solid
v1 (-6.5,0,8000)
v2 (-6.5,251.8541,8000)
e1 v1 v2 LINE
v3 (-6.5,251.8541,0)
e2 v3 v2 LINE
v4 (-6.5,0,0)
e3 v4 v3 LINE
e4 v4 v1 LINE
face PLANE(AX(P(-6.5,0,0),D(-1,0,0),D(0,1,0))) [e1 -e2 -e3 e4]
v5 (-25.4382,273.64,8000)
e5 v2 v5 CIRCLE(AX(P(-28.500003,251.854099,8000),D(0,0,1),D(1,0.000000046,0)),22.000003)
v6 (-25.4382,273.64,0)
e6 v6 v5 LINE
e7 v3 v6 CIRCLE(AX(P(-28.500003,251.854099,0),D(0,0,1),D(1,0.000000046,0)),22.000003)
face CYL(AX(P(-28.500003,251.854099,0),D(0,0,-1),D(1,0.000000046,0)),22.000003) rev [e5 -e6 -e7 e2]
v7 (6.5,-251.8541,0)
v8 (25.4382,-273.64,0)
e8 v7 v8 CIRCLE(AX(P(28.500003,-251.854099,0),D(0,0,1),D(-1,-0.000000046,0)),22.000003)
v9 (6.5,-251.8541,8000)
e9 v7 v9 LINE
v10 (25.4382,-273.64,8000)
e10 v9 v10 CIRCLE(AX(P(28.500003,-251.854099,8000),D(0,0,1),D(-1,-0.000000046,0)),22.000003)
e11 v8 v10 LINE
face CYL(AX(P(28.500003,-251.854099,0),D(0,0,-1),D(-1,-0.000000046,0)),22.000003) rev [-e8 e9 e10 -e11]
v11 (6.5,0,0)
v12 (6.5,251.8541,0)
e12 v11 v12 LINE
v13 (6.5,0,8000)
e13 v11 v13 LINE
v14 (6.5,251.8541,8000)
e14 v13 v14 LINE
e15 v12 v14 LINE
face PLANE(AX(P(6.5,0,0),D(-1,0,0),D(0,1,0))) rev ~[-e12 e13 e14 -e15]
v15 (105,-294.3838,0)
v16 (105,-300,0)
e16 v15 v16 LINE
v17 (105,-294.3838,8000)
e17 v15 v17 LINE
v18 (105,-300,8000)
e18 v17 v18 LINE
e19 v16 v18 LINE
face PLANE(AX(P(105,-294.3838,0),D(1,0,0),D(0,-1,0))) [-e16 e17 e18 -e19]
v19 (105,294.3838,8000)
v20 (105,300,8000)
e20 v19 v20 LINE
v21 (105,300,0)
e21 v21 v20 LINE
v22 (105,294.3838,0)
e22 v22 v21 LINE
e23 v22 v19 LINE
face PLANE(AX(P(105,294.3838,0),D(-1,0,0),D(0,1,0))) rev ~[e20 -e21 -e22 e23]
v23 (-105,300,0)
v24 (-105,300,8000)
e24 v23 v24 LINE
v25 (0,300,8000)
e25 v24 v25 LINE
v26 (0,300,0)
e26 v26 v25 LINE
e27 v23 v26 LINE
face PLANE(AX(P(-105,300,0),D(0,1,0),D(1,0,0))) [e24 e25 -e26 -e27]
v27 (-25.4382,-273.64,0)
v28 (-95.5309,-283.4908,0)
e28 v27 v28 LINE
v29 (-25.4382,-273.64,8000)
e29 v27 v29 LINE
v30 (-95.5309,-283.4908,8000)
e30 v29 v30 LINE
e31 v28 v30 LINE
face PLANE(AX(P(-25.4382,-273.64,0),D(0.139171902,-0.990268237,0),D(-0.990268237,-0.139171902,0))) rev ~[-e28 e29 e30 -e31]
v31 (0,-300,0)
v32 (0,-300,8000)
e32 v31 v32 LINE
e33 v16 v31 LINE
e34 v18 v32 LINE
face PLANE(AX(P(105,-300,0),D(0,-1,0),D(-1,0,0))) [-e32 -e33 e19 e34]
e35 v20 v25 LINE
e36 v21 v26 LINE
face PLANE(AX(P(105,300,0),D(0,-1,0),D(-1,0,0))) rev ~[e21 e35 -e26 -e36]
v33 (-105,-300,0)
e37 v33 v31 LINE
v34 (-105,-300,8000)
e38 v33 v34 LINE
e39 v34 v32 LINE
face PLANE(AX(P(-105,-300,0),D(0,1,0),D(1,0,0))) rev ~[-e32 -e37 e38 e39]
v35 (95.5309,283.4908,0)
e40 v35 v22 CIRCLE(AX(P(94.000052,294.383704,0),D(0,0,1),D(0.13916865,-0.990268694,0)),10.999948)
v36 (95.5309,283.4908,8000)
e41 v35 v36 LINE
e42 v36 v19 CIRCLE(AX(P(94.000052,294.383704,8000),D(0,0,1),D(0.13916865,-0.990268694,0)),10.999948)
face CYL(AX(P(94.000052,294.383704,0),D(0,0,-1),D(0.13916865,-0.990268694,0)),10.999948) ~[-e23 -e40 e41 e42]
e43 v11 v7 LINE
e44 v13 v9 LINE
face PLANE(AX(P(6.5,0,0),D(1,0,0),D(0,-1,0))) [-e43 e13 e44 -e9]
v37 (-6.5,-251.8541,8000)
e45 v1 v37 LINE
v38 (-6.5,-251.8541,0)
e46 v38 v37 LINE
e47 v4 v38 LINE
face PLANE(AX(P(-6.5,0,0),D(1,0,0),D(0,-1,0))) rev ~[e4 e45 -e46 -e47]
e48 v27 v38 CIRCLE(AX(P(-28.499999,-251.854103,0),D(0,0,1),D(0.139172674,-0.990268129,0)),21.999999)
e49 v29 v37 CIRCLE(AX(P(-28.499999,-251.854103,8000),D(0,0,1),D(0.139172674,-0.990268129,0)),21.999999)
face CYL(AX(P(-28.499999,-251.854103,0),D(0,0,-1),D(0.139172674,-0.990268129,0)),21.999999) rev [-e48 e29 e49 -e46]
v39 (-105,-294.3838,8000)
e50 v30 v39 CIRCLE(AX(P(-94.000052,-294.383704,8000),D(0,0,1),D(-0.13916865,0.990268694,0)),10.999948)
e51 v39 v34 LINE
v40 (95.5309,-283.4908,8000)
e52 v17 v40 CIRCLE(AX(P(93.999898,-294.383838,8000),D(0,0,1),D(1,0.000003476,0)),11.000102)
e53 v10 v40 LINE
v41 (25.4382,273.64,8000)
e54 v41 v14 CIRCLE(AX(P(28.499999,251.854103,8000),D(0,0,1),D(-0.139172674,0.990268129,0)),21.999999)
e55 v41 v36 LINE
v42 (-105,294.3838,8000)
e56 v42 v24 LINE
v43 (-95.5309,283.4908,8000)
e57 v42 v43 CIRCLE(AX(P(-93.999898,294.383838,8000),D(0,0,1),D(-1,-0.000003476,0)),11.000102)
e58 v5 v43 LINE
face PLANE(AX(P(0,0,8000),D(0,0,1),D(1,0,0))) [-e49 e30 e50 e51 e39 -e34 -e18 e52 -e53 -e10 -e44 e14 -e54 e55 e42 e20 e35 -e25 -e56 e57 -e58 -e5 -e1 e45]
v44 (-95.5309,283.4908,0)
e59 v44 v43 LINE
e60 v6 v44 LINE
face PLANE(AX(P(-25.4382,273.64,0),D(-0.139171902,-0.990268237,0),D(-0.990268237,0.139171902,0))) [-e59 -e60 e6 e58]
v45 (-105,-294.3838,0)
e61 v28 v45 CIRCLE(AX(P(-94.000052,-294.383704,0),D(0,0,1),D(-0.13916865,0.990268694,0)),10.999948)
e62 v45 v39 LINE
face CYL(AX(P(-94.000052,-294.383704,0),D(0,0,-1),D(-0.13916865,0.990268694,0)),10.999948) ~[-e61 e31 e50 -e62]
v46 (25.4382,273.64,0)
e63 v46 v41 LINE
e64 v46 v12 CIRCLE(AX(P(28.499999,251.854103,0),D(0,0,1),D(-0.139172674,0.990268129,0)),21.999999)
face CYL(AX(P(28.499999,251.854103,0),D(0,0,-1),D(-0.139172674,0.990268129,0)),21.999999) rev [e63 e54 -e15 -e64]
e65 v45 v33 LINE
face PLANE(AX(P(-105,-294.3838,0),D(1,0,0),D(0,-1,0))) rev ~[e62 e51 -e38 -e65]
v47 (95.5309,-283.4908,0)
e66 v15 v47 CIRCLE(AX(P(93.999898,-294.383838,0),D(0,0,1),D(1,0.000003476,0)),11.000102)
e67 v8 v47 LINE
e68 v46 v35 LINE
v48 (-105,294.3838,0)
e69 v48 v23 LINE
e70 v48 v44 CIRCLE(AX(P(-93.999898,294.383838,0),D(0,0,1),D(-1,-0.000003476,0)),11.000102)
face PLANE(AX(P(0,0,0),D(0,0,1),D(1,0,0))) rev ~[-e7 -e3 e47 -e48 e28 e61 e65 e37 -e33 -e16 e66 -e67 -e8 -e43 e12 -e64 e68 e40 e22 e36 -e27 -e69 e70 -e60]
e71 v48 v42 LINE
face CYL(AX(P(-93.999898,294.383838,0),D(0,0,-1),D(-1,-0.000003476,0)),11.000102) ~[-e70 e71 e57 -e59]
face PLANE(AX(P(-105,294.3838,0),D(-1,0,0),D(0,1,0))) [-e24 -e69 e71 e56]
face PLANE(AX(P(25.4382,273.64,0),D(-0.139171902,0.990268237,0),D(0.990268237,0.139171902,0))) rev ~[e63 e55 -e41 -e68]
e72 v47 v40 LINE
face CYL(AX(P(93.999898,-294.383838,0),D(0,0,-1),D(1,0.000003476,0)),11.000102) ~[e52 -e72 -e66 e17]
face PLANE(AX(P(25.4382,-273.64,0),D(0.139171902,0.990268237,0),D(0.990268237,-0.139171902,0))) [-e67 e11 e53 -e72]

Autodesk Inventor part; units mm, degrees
ref_plane "YZ Plane" through (0, 0, 0) normal (1, 0, 0) x (0, 1, 0)
ref_plane "Startebene" through (0, 0, 0) normal (0, 0, 1) x (1, 0, 0)
ref_plane "Endebene" through (0, 0, 8000) normal (0, 0, 1) x (1, 0, 0)
sketch "Skizze" plane through (0, 0, 0) normal (0, 0, 1) x (1, 0, 0)
  line L0 (-6.5, 0) -> (-6.5, -251.8541)
  line L1 (-25.4382, -273.64) -> (-95.5309, -283.4908)
  line L2 (-105, -294.3838) -> (-105, -300)
  line L3 (-105, -300) -> (0, -300)
  line L4 (-55.75, -300) -> (-55.75, -277.9) construction
  line L5 (-25.7112, 0) -> (34.2816, 0) construction
  line L6 (0, 40) -> (0, -300) construction
  line L7 (0, -48) -> (0, 64) construction
  line L8 (6.5, 0) -> (6.5, -251.8541)
  line L9 (25.4382, -273.64) -> (95.5309, -283.4908)
  line L10 (105, -294.3838) -> (105, -300)
  line L11 (105, -300) -> (0, -300)
  line L12 (-6.5, 0) -> (6.5, 0) construction
  line L13 (-6.5, 0) -> (-6.5, 251.8541)
  line L14 (-25.4382, 273.64) -> (-95.5309, 283.4908)
  line L15 (-105, 294.3838) -> (-105, 300)
  line L16 (-105, 300) -> (0, 300)
  line L17 (6.5, 0) -> (6.5, 251.8541)
  line L18 (25.4382, 273.64) -> (95.5309, 283.4908)
  line L19 (105, 294.3838) -> (105, 300)
  line L20 (105, 300) -> (0, 300)
  arc A0 (-105, 294.3838) -> (-95.5309, 283.4908) centre (-94, 294.3838) ccw
  arc A1 (95.5309, 283.4908) -> (105, 294.3838) centre (94, 294.3838) ccw
  arc A2 (105, -294.3838) -> (95.5309, -283.4908) centre (94, -294.3838) ccw
  arc A3 (-95.5309, -283.4908) -> (-105, -294.3838) centre (-94, -294.3838) ccw
  arc A4 (-6.5, 251.8541) -> (-25.4382, 273.64) centre (-28.5, 251.8541) ccw
  arc A5 (25.4382, 273.64) -> (6.5, 251.8541) centre (28.5, 251.8541) ccw
  arc A6 (6.5, -251.8541) -> (25.4382, -273.64) centre (28.5, -251.8541) ccw
  arc A7 (-25.4382, -273.64) -> (-6.5, -251.8541) centre (-28.5, -251.8541) ccw
  line L21 (0, 420) -> (0, -420) construction
  line L22 (-149.8509, 0) -> (149.8509, 0) construction
  point P0 (-6.5, -270.9784)
  point P1 (-105, -284.8216)
  point P2 (6.5, -270.9784)
  point P3 (105, -284.8216)
  point P4 (55.75, -300)
  point P5 (55.75, -277.9)
  point P6 (-6.5, 270.9784)
  point P7 (-105, 284.8216)
  point P8 (-55.75, 300)
  point P9 (-55.75, 277.9)
  point P10 (6.5, 270.9784)
  point P11 (105, 284.8216)
  point P12 (55.75, 277.9)
  point P13 (55.75, 300)
  dimension "d1" = 6.9216
  dimension "d2" = 22.1
  dimension "d3" = 49.25
  dimension "d4" = 6.5
  dimension "d5" = 105
  dimension "d10" = 300
  dimension "d14" = 11
  dimension "d15" = 22
extrude "Körper" add sketch "Skizze" along normal up to surface (8000 mm away) from surface at 0
sketch "Sketch3" plane through (0, 0, 0) normal (0, 0, 1) x (1, 0, 0)
  line L0 (0, 0) -> (10, 0)
ref_plane "Work Plane3" through (0, 0, 0) normal (0, -1, 0) x (1, 0, 0)
sketch "Sketch4" plane through (0, 0, 0) normal (0, -1, 0) x (1, 0, 0)
  line L0 (-2, 0) -> (12, 0)
  line L1 (-2, 8000) -> (12, 8000)
  dimension "d19" = 8000
equation "\"d2\" = G_T1"
equation "\"d3\" = G_C"
equation "\"d4\" = 0.5 * G_T"
equation "\"d5\" = 0.5 * G_W"
equation "\"d10\" = 0.5 * G_H"
equation "\"d14\" = G_ER"
equation "\"d15\" = G_IR"
equation "\"d6\" = G_L"
equation "\"G_W\" = 210"
equation "\"G_H\" = 600"
equation "\"G_T\" = 13"
equation "\"G_T1\" = 22.1"
equation "\"G_C\" = 49.25"
equation "\"G_NG\" = 0.140541"
equation "\"G_L\" = d19"
equation "\"G_ER\" = 0.5 * G_IR"
equation "\"G_IR\" = 22"
equation "\"G_OFFSET_START\" = 0"
equation "\"G_OFFSET_END\" = 0"
properties part number "ISO 657/15 - SB 600x131 - 8000" material "Stahl, weich"
